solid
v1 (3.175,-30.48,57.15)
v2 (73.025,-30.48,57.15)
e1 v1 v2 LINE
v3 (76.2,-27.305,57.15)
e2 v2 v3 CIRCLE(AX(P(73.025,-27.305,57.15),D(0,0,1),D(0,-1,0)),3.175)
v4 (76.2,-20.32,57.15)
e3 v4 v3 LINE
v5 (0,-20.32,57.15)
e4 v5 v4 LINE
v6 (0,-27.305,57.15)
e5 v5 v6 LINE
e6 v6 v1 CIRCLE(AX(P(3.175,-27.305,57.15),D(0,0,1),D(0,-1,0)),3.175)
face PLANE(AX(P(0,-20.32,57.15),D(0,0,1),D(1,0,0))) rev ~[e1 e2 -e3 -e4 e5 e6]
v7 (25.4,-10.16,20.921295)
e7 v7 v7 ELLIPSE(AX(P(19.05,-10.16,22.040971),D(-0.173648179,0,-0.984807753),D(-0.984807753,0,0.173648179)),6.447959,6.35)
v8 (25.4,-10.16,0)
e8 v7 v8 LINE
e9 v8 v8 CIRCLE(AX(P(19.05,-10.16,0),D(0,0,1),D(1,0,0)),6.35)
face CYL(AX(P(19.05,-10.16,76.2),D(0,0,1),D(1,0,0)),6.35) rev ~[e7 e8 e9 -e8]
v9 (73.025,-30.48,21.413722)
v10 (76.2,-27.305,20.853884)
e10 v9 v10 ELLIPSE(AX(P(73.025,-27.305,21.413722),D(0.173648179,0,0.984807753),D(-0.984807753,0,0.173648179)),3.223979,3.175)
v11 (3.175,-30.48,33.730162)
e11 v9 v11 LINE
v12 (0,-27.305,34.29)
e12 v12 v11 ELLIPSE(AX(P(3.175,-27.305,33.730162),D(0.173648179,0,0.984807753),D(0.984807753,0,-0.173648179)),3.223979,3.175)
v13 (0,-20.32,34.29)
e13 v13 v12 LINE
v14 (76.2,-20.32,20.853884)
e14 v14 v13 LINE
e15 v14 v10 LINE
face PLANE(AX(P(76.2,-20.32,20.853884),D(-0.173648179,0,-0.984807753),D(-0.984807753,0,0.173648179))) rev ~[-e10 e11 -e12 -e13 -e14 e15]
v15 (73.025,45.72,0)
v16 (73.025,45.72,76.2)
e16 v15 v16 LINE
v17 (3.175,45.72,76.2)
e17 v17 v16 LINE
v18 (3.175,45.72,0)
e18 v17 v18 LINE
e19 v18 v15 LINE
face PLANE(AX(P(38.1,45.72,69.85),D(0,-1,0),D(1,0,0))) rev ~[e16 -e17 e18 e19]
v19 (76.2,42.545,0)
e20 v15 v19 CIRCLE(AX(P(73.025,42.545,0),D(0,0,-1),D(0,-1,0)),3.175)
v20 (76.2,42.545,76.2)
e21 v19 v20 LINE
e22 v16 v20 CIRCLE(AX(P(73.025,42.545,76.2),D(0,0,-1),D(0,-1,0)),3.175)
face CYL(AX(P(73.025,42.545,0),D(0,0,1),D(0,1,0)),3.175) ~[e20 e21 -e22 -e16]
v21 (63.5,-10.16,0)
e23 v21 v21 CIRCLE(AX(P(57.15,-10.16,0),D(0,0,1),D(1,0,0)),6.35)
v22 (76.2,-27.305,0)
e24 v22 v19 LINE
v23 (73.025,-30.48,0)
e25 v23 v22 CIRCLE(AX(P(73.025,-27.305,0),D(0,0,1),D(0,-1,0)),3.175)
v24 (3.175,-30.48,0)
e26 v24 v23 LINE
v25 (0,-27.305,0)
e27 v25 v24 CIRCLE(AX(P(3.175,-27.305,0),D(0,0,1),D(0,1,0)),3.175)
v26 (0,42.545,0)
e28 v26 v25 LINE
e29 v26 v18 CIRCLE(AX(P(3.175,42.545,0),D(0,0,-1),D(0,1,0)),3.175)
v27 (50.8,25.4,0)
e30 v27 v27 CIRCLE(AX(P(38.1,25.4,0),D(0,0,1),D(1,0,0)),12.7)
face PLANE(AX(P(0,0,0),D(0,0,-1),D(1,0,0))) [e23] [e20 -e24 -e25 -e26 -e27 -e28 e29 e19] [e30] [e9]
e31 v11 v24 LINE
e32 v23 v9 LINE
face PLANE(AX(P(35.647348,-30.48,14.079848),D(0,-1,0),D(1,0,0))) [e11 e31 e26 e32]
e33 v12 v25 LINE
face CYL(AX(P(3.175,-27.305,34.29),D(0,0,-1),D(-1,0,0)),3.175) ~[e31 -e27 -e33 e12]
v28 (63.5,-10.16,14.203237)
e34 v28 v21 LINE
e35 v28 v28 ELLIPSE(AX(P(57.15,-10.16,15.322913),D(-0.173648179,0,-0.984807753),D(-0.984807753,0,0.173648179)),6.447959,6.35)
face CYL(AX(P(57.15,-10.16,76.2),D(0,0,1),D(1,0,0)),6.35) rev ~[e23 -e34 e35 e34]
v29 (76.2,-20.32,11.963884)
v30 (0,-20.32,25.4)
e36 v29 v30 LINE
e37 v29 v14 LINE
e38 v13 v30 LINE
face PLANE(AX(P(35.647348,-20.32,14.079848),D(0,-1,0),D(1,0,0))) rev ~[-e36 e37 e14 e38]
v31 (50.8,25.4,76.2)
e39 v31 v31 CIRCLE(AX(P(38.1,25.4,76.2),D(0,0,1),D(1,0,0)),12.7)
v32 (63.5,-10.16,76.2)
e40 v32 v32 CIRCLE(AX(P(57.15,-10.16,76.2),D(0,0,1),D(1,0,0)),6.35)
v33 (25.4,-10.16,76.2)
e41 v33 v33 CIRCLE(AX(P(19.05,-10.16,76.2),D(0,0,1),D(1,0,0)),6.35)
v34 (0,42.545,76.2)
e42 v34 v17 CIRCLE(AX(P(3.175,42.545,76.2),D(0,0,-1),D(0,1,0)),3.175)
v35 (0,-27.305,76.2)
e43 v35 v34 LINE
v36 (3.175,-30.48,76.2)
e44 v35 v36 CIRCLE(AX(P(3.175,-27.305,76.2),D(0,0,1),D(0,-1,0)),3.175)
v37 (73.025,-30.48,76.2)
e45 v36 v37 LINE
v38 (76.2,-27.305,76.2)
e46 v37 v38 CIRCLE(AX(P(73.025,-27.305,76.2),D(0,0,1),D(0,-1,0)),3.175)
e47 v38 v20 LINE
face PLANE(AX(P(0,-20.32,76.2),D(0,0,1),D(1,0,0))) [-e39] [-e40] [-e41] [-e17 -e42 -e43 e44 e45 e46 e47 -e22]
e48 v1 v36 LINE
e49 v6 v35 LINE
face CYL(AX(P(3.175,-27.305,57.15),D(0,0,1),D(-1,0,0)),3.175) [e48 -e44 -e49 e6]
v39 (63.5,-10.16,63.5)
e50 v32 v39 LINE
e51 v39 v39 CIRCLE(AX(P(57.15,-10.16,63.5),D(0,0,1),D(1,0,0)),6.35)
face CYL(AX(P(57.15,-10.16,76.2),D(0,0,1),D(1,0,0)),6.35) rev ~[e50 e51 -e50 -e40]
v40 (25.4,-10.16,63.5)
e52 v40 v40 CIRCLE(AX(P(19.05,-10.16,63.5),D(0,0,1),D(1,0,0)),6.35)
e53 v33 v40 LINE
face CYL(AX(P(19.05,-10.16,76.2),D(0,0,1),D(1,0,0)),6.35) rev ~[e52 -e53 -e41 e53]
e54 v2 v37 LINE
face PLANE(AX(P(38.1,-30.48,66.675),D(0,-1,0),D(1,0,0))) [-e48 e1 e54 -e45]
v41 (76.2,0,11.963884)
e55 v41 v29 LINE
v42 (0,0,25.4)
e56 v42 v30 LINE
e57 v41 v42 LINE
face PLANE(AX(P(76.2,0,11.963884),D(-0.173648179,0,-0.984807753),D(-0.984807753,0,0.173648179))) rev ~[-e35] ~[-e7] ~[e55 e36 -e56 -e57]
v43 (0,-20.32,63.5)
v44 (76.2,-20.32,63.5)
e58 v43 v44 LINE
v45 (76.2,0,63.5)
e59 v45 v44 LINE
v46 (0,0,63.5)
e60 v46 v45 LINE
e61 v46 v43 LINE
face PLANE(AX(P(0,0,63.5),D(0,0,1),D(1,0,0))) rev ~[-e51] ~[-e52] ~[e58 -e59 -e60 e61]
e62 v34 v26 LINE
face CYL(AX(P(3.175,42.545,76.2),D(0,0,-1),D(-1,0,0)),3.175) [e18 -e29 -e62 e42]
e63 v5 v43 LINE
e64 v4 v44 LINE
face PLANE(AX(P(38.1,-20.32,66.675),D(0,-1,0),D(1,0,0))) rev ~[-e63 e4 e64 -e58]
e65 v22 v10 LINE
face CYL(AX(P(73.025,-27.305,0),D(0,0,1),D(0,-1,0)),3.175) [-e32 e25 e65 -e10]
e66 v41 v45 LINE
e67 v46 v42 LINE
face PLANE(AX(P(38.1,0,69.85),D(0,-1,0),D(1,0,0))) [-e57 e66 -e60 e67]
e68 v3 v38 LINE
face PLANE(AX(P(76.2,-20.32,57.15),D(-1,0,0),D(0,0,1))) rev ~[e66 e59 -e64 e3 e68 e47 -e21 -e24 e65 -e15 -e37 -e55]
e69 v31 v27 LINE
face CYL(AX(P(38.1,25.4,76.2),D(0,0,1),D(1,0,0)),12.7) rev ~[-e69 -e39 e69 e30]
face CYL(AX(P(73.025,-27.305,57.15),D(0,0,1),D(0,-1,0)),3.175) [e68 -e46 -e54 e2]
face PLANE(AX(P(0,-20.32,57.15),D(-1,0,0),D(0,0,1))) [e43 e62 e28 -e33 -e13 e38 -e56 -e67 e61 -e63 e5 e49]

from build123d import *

# Parameters (mm, degrees)
F0_W     = 76.2
F0_H     = 12.7
F0_H_2   = 6.35
F1_DEPTH = 45.72
F2_DEPTH = 20.32
F3_W     = 76.2
F3_H     = 19.05
F4_DEPTH = 10.16
F5_R     = 6.35
F5_R_2   = 12.7
F6_DEPTH = 76.201
F7_R     = 3.175


with BuildPart() as f1:
    # F0 (on Front) → F1 (new body)
    with BuildSketch(Plane.XZ):
        with Locations((38.1, 69.85)):
            Rectangle(F0_W, F0_H)
        with Locations((38.1, 60.325)):
            Rectangle(F0_W, F0_H_2)
        Polygon((0, 57.15), (0, 34.29), (76.2, 20.853884), (76.2, 57.15), align=None)
        Polygon((0, 34.29), (0, 25.4), (76.2, 11.963884), (76.2, 20.853884), align=None)
        Polygon((0, 25.4), (0, 0), (76.2, 0), (76.2, 11.963884), align=None)
    extrude(amount=-F1_DEPTH)

    # F0 (on Front) → F2 (join)
    with BuildSketch(Plane.XZ):
        with Locations((38.1, 69.85)):
            Rectangle(F0_W, F0_H)
        Polygon((0, 25.4), (0, 0), (76.2, 0), (76.2, 11.963884), align=None)
    extrude(amount=F2_DEPTH)

    # F3 (on face) → F4 (join)
    with BuildSketch(Plane.XZ.offset(20.32)):
        with Locations((38.1, 66.675)):
            Rectangle(F3_W, F3_H)
        Polygon((76.2, 20.853884), (0, 34.29), (0, 0), (76.2, 0), align=None)
    extrude(amount=F4_DEPTH)

    # F5 (on face) → F6 (cut, through all)
    with BuildSketch(Plane.XY.offset(76.2)):
        with Locations((19.05, -10.16)):
            Circle(F5_R)
        with Locations((57.15, -10.16)):
            Circle(F5_R)
        with Locations((38.1, 25.4)):
            Circle(F5_R_2)
    extrude(amount=-F6_DEPTH, mode=Mode.SUBTRACT)

    # F7
    f7_edges = [f1.edges().sort_by_distance(p)[0] for p in [
        (76.2, -30.48, 10.426942),
        (0, -30.48, 17.145),
        (76.2, 45.72, 38.1),
        (0, 45.72, 38.1),
        (76.2, -30.48, 66.675),
        (0, -30.48, 66.675),
    ]]
    fillet(f7_edges, radius=F7_R)


solid = f1.part
